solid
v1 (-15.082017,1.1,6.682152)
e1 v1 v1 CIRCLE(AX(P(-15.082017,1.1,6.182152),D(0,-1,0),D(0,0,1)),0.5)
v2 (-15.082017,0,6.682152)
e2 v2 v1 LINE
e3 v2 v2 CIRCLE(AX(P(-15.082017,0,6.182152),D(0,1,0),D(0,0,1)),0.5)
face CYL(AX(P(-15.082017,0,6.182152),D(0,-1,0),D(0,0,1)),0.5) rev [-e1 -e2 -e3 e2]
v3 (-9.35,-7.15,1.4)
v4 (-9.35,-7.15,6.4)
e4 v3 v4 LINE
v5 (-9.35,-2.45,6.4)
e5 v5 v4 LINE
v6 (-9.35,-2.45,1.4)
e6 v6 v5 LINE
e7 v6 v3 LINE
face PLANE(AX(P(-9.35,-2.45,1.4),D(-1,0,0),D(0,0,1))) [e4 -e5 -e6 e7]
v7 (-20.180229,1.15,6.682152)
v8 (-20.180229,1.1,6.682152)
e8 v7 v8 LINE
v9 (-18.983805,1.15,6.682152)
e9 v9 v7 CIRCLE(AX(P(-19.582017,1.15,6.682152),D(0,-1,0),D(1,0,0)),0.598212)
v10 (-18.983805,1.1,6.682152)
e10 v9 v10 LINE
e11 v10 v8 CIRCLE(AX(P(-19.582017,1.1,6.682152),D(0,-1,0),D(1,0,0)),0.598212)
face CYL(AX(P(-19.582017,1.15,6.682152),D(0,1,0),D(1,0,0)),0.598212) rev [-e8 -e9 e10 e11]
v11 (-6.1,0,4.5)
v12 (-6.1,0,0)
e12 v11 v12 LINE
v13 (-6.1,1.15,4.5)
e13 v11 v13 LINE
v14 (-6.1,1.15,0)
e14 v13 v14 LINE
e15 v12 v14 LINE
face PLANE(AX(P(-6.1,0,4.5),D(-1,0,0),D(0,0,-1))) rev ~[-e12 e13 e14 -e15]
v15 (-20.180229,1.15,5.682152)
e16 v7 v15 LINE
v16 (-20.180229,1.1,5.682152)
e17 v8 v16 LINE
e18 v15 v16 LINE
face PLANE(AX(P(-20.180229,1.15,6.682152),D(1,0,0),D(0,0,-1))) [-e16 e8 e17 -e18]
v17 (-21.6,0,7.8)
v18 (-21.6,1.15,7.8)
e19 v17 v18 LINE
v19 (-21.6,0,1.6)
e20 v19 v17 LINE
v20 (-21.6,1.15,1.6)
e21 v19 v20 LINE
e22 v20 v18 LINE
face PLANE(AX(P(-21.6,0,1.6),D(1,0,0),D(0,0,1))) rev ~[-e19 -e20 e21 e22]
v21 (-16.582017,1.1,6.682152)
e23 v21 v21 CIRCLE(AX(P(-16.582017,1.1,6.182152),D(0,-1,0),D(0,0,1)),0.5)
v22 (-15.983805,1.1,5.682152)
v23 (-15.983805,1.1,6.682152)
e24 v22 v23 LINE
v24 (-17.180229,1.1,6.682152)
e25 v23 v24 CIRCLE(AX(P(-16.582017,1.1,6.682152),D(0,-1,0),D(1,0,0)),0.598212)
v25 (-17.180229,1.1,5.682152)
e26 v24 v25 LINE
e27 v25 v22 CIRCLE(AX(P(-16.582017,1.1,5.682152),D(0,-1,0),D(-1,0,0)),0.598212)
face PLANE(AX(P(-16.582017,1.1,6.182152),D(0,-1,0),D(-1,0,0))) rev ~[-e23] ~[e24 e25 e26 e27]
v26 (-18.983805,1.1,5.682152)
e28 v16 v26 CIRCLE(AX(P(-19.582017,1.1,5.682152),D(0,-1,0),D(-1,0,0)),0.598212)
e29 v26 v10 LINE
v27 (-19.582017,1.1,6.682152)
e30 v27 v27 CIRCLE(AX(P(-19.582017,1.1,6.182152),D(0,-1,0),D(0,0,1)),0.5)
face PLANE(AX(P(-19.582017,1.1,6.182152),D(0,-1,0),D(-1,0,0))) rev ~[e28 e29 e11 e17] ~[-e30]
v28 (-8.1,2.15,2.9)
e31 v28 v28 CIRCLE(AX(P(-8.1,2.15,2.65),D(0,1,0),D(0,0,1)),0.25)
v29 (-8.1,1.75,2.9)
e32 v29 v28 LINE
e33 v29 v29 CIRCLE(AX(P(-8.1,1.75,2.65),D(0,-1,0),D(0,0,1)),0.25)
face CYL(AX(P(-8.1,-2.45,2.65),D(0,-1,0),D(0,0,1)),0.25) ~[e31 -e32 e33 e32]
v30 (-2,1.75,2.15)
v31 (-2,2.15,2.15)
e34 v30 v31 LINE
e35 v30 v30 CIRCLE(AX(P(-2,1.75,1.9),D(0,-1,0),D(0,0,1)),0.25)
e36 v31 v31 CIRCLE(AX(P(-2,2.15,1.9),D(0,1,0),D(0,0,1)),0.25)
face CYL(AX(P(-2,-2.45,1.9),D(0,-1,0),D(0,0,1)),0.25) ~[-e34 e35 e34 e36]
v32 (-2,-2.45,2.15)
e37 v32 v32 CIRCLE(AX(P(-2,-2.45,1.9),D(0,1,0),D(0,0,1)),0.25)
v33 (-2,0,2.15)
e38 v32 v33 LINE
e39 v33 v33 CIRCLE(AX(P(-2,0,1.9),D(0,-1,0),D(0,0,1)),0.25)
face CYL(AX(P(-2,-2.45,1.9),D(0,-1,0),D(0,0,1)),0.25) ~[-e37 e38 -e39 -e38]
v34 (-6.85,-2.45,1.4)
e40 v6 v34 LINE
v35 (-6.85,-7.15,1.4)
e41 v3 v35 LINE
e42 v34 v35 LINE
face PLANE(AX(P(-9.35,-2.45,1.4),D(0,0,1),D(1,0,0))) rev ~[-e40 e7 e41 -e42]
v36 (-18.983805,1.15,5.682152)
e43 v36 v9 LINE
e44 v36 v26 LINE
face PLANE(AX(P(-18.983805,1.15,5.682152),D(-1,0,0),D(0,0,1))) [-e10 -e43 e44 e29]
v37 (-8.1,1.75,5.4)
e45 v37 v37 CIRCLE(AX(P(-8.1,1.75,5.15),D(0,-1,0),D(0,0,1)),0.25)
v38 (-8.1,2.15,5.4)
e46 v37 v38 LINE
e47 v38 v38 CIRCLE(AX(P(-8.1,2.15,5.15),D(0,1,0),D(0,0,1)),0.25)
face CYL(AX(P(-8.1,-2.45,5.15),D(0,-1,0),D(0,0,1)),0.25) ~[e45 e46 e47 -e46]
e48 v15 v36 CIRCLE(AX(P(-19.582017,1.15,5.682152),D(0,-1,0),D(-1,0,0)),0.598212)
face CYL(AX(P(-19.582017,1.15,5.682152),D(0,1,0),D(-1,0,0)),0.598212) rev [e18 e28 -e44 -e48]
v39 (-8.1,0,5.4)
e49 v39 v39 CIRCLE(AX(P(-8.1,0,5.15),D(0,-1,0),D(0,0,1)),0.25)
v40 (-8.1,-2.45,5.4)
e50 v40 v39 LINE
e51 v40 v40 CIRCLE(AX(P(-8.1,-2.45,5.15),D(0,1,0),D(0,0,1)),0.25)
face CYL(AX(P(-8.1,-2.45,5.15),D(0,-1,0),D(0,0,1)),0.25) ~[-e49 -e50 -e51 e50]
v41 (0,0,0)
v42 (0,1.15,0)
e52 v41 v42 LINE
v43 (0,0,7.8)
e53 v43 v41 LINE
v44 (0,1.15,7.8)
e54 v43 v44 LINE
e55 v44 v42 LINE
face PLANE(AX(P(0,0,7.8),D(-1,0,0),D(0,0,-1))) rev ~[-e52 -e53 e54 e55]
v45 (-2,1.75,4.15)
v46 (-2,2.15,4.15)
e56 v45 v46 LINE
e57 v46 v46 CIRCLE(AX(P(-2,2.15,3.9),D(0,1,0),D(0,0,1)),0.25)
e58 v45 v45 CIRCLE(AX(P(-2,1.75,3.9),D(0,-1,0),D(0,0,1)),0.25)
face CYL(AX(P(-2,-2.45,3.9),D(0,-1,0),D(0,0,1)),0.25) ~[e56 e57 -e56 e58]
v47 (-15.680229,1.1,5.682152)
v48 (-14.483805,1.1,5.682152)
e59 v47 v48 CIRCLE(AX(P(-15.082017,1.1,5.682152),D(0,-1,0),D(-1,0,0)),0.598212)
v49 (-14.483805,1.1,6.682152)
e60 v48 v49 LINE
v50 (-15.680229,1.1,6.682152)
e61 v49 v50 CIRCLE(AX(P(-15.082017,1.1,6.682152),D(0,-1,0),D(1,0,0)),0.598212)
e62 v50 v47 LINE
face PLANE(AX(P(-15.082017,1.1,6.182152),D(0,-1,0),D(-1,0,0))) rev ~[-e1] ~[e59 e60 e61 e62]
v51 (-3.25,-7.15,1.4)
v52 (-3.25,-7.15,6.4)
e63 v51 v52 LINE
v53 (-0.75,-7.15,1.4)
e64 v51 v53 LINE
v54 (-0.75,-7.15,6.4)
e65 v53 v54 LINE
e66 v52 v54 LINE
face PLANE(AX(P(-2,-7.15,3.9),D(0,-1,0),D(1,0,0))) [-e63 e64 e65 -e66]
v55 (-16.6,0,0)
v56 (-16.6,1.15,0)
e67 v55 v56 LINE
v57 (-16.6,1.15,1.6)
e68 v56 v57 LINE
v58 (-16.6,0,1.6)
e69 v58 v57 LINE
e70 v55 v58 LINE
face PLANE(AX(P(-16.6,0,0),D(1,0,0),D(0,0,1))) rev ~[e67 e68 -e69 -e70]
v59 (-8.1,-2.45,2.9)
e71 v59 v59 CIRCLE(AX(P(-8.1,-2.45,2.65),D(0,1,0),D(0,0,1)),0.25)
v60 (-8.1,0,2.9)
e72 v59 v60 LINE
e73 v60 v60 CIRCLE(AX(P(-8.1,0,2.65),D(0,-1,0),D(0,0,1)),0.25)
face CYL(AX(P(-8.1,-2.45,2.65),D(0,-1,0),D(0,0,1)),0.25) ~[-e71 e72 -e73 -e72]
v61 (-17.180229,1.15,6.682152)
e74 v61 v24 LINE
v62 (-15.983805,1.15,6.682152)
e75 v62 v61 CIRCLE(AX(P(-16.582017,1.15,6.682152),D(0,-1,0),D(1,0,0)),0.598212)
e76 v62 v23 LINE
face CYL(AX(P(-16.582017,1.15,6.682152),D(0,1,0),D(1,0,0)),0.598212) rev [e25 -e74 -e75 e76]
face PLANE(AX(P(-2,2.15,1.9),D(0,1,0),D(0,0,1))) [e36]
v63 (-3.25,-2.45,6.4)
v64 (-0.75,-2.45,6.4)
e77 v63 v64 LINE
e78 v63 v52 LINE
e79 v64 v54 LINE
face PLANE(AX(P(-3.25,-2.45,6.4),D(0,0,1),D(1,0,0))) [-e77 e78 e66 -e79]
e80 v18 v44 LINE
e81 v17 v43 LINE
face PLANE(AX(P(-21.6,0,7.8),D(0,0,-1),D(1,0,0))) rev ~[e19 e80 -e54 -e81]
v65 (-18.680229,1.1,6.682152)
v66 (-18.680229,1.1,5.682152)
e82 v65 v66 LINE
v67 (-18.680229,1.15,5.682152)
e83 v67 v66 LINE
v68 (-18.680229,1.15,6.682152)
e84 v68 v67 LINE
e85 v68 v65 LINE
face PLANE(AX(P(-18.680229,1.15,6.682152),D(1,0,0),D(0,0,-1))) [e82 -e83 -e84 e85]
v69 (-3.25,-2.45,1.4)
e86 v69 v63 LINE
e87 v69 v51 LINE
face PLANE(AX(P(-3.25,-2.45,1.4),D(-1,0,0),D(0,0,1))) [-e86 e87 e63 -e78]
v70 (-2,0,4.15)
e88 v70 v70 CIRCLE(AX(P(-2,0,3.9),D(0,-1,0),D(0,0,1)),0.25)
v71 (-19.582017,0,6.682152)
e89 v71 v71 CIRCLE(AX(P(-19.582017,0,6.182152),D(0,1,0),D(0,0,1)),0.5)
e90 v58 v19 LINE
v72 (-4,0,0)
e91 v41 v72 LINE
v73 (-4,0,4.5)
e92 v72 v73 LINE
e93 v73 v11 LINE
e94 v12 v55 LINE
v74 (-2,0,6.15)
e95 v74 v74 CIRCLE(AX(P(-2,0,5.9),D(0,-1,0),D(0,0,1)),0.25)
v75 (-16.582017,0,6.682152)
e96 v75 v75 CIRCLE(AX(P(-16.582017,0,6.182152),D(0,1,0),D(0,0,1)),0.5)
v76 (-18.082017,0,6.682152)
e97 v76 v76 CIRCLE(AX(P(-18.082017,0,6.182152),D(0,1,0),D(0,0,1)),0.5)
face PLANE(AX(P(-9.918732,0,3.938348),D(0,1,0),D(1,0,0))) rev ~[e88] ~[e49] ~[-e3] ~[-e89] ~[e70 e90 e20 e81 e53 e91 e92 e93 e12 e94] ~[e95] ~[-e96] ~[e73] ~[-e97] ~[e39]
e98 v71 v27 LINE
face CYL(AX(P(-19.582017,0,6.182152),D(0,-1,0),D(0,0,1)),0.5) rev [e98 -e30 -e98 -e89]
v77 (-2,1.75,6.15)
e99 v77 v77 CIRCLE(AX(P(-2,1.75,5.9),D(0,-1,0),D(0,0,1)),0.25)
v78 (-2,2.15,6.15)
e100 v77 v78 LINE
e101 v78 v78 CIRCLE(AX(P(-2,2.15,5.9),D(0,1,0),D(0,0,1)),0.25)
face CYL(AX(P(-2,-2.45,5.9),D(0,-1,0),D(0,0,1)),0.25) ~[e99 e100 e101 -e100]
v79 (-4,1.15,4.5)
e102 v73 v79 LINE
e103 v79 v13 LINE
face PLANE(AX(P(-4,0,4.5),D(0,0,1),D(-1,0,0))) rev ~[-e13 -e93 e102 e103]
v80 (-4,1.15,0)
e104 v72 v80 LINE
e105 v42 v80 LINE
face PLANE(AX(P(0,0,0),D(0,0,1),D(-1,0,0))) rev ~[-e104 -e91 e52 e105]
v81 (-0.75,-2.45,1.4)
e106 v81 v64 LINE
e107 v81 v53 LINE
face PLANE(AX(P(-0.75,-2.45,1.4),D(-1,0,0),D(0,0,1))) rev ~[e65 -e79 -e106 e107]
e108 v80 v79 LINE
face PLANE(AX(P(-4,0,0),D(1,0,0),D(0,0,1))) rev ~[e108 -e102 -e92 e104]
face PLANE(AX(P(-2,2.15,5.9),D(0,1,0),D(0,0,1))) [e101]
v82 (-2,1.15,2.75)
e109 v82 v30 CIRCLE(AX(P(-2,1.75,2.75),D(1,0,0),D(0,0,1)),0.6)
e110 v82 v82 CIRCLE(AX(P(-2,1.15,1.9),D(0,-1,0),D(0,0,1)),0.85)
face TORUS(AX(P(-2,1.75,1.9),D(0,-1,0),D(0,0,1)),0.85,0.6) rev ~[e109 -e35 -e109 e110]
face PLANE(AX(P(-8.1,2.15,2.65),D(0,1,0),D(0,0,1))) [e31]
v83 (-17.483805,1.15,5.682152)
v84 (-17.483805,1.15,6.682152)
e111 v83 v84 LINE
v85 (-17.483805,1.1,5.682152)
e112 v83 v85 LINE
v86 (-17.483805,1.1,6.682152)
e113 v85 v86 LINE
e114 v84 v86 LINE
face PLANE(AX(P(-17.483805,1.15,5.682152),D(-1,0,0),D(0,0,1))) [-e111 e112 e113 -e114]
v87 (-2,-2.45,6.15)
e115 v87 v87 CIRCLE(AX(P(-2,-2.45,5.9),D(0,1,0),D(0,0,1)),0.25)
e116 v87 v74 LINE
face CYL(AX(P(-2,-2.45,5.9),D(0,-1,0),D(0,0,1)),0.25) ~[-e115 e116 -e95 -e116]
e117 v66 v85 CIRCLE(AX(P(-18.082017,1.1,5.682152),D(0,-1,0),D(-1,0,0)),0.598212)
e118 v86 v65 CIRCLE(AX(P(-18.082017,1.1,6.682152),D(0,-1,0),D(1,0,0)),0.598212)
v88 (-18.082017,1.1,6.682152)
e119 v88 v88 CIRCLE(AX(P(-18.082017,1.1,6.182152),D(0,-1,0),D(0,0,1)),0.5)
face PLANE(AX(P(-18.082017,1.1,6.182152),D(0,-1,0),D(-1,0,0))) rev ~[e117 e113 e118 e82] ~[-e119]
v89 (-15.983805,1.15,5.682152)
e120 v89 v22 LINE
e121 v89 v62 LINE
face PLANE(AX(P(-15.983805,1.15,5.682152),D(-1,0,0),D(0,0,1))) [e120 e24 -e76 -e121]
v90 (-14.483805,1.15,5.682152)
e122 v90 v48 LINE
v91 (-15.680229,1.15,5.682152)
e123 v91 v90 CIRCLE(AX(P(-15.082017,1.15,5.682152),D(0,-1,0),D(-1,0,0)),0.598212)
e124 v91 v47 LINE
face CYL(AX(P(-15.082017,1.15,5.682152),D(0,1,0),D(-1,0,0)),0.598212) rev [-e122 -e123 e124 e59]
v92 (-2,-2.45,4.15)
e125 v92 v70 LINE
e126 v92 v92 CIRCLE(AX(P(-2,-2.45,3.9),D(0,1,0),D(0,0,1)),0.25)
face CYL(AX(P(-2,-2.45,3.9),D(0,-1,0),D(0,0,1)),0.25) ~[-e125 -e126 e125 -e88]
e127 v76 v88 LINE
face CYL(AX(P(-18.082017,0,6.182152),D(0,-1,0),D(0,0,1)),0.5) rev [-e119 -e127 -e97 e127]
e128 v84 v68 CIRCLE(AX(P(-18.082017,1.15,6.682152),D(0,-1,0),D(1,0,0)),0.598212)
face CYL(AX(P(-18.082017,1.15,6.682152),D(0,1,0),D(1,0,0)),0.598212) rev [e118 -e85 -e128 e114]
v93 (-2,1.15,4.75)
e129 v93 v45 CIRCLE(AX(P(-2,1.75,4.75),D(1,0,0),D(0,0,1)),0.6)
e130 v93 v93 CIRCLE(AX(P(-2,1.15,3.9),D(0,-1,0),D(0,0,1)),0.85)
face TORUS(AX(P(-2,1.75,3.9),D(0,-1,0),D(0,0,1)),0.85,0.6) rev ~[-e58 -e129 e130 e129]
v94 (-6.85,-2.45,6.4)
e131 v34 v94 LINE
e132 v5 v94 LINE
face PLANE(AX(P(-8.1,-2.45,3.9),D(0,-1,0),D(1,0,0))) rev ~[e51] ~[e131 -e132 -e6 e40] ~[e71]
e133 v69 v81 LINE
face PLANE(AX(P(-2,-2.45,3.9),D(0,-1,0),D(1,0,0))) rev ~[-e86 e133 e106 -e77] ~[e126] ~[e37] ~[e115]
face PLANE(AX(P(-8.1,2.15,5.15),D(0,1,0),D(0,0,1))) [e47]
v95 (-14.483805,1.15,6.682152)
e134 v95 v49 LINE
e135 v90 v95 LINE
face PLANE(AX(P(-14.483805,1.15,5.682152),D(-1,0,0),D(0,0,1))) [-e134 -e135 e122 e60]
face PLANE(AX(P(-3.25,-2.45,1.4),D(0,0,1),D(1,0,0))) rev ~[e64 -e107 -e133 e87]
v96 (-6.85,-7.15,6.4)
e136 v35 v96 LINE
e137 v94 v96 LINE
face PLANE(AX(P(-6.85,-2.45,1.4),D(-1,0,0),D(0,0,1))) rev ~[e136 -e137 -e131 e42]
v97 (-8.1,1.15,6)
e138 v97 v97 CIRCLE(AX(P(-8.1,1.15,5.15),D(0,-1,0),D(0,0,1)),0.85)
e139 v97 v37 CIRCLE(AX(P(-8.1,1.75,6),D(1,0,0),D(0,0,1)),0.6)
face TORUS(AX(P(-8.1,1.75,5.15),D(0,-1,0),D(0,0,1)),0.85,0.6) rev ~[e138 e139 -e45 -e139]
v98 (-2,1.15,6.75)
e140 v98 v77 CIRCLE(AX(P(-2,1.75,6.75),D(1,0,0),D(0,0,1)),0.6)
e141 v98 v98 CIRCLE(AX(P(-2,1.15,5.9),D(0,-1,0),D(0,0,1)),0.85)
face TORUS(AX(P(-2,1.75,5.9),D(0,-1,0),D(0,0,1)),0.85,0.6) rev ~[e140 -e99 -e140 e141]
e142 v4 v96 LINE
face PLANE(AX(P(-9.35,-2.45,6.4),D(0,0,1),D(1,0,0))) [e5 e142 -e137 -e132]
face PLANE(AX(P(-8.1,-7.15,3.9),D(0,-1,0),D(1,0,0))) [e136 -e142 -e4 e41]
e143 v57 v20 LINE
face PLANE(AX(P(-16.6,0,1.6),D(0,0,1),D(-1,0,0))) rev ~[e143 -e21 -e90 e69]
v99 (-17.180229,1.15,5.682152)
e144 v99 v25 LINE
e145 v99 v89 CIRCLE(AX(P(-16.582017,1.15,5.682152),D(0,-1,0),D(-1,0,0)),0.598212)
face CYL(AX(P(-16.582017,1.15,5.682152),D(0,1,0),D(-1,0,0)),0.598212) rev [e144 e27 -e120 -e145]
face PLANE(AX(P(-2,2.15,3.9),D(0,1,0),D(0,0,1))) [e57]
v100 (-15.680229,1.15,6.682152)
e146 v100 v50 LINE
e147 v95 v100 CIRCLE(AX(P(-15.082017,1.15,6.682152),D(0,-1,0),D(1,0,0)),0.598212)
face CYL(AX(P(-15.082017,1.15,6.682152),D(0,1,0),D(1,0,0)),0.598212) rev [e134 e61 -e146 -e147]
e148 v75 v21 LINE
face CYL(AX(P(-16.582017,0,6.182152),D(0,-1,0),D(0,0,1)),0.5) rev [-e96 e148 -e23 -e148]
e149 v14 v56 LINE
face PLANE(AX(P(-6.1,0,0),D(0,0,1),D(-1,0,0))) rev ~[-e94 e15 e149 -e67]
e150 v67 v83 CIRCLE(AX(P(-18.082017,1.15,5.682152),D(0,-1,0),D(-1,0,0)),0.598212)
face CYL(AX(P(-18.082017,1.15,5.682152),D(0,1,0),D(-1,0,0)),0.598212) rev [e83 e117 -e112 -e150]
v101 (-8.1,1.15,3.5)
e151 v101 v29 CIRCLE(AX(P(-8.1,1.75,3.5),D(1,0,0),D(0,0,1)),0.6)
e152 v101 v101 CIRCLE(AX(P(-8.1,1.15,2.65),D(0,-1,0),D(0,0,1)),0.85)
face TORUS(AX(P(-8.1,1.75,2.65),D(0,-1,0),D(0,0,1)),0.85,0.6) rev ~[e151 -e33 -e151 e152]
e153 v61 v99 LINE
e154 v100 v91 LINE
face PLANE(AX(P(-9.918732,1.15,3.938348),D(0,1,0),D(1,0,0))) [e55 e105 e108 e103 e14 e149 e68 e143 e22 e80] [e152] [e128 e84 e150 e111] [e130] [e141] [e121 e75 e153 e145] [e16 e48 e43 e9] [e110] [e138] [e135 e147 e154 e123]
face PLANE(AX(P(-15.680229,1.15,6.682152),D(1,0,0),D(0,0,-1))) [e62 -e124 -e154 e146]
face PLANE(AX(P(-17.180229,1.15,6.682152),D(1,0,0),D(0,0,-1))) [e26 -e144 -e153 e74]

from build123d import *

# Parameters (mm, degrees)
SKETCH1_R                = 0.5
BOSS_EXTRUDE1_DEPTH      = 1.15
BOSS_EXTRUDE2_DEPTH      = 1
BOSS_EXTRUDE2_DEPTH_BACK = 3.6
SKETCH2_R                = 0.25
SKETCH3_W                = 2.5
SKETCH3_H                = 5
BOSS_EXTRUDE3_DEPTH      = 4.7
CUT_EXTRUDE1_DEPTH       = 0.05
FILLET1_R                = 0.6


with BuildPart() as part:
    # Sketch1 → Boss-Extrude1 (new body)
    with BuildSketch(Plane(origin=(0, 0, 0), x_dir=(1, 0, 0), z_dir=(0, 1, 0))):
        Polygon((-16.6, 0), (-16.6, -1.6), (-21.6, -1.6), (-21.6, -7.8), (0, -7.8), (0, 0), (-4, 0), (-4, -4.5), (-6.1, -4.5), (-6.1, 0), align=None)
        with Locations((-19.582016598, -6.182152405)):
            Circle(SKETCH1_R, mode=Mode.SUBTRACT)
        with Locations((-18.082016598, -6.182152405)):
            Circle(SKETCH1_R, mode=Mode.SUBTRACT)
        with Locations((-16.582016598, -6.182152405)):
            Circle(SKETCH1_R, mode=Mode.SUBTRACT)
        with Locations((-15.082016598, -6.182152405)):
            Circle(SKETCH1_R, mode=Mode.SUBTRACT)
    extrude(amount=BOSS_EXTRUDE1_DEPTH)

    # Sketch2 → Boss-Extrude2 (add, two sides: drawn at the far end of the back side and taken through both)
    with BuildSketch(Plane(origin=(0, 1.15, 0), x_dir=(1, 0, 0), z_dir=(0, 1, 0)).offset(-BOSS_EXTRUDE2_DEPTH_BACK)):
        with Locations((-8.1, -2.65)):
            Circle(SKETCH2_R)
        with Locations((-8.1, -5.15)):
            Circle(SKETCH2_R)
        with Locations((-2, -5.9)):
            Circle(SKETCH2_R)
        with Locations((-2, -1.9)):
            Circle(SKETCH2_R)
        with Locations((-2, -3.9)):
            Circle(SKETCH2_R)
    extrude(amount=BOSS_EXTRUDE2_DEPTH + BOSS_EXTRUDE2_DEPTH_BACK)

    # Sketch3 → Boss-Extrude3 (add)
    with BuildSketch(Plane.XZ.offset(2.45)):
        with Locations((-8.1, 3.9)):
            Rectangle(SKETCH3_W, SKETCH3_H)
        with Locations((-2, 3.9)):
            Rectangle(SKETCH3_W, SKETCH3_H)
    extrude(amount=BOSS_EXTRUDE3_DEPTH)

    # Sketch4 → Cut-Extrude1 (cut)
    with BuildSketch(Plane(origin=(0, 1.15, 0), x_dir=(1, 0, 0), z_dir=(0, 1, 0))):
        with BuildLine():
            Line((-15.68022855, -6.682152405), (-15.68022855, -5.682152405))
            ThreePointArc((-15.68022855, -5.682152405), (-15.082016598, -5.083940453), (-14.483804646, -5.682152405))
            Line((-14.483804646, -5.682152405), (-14.483804646, -6.682152405))
            ThreePointArc((-14.483804646, -6.682152405), (-15.082016598, -7.280364357), (-15.68022855, -6.682152405))
        make_face()
        with BuildLine():
            Line((-17.18022855, -6.682152405), (-17.18022855, -5.682152405))
            ThreePointArc((-17.18022855, -5.682152405), (-16.582016598, -5.083940453), (-15.983804646, -5.682152405))
            Line((-15.983804646, -5.682152405), (-15.983804646, -6.682152405))
            ThreePointArc((-15.983804646, -6.682152405), (-16.582016598, -7.280364357), (-17.18022855, -6.682152405))
        make_face()
        with BuildLine():
            Line((-18.68022855, -6.682152405), (-18.68022855, -5.682152405))
            ThreePointArc((-18.68022855, -5.682152405), (-18.082016598, -5.083940453), (-17.483804646, -5.682152405))
            Line((-17.483804646, -5.682152405), (-17.483804646, -6.682152405))
            ThreePointArc((-17.483804646, -6.682152405), (-18.082016598, -7.280364357), (-18.68022855, -6.682152405))
        make_face()
        with BuildLine():
            Line((-20.18022855, -6.682152405), (-20.18022855, -5.682152405))
            ThreePointArc((-20.18022855, -5.682152405), (-19.582016598, -5.083940453), (-18.983804646, -5.682152405))
            Line((-18.983804646, -5.682152405), (-18.983804646, -6.682152405))
            ThreePointArc((-18.983804646, -6.682152405), (-19.582016598, -7.280364357), (-20.18022855, -6.682152405))
        make_face()
    extrude(amount=-CUT_EXTRUDE1_DEPTH, mode=Mode.SUBTRACT)

    # Fillet1
    fillet1_edges = [part.edges().sort_by_distance(p)[0] for p in [
        (-2.25, 1.15, 1.9),
        (-2.25, 1.15, 5.9),
        (-8.35, 1.15, 2.65),
        (-8.35, 1.15, 5.15),
        (-2.25, 1.15, 3.9),
    ]]
    fillet(fillet1_edges, radius=FILLET1_R)


solid = part.part
